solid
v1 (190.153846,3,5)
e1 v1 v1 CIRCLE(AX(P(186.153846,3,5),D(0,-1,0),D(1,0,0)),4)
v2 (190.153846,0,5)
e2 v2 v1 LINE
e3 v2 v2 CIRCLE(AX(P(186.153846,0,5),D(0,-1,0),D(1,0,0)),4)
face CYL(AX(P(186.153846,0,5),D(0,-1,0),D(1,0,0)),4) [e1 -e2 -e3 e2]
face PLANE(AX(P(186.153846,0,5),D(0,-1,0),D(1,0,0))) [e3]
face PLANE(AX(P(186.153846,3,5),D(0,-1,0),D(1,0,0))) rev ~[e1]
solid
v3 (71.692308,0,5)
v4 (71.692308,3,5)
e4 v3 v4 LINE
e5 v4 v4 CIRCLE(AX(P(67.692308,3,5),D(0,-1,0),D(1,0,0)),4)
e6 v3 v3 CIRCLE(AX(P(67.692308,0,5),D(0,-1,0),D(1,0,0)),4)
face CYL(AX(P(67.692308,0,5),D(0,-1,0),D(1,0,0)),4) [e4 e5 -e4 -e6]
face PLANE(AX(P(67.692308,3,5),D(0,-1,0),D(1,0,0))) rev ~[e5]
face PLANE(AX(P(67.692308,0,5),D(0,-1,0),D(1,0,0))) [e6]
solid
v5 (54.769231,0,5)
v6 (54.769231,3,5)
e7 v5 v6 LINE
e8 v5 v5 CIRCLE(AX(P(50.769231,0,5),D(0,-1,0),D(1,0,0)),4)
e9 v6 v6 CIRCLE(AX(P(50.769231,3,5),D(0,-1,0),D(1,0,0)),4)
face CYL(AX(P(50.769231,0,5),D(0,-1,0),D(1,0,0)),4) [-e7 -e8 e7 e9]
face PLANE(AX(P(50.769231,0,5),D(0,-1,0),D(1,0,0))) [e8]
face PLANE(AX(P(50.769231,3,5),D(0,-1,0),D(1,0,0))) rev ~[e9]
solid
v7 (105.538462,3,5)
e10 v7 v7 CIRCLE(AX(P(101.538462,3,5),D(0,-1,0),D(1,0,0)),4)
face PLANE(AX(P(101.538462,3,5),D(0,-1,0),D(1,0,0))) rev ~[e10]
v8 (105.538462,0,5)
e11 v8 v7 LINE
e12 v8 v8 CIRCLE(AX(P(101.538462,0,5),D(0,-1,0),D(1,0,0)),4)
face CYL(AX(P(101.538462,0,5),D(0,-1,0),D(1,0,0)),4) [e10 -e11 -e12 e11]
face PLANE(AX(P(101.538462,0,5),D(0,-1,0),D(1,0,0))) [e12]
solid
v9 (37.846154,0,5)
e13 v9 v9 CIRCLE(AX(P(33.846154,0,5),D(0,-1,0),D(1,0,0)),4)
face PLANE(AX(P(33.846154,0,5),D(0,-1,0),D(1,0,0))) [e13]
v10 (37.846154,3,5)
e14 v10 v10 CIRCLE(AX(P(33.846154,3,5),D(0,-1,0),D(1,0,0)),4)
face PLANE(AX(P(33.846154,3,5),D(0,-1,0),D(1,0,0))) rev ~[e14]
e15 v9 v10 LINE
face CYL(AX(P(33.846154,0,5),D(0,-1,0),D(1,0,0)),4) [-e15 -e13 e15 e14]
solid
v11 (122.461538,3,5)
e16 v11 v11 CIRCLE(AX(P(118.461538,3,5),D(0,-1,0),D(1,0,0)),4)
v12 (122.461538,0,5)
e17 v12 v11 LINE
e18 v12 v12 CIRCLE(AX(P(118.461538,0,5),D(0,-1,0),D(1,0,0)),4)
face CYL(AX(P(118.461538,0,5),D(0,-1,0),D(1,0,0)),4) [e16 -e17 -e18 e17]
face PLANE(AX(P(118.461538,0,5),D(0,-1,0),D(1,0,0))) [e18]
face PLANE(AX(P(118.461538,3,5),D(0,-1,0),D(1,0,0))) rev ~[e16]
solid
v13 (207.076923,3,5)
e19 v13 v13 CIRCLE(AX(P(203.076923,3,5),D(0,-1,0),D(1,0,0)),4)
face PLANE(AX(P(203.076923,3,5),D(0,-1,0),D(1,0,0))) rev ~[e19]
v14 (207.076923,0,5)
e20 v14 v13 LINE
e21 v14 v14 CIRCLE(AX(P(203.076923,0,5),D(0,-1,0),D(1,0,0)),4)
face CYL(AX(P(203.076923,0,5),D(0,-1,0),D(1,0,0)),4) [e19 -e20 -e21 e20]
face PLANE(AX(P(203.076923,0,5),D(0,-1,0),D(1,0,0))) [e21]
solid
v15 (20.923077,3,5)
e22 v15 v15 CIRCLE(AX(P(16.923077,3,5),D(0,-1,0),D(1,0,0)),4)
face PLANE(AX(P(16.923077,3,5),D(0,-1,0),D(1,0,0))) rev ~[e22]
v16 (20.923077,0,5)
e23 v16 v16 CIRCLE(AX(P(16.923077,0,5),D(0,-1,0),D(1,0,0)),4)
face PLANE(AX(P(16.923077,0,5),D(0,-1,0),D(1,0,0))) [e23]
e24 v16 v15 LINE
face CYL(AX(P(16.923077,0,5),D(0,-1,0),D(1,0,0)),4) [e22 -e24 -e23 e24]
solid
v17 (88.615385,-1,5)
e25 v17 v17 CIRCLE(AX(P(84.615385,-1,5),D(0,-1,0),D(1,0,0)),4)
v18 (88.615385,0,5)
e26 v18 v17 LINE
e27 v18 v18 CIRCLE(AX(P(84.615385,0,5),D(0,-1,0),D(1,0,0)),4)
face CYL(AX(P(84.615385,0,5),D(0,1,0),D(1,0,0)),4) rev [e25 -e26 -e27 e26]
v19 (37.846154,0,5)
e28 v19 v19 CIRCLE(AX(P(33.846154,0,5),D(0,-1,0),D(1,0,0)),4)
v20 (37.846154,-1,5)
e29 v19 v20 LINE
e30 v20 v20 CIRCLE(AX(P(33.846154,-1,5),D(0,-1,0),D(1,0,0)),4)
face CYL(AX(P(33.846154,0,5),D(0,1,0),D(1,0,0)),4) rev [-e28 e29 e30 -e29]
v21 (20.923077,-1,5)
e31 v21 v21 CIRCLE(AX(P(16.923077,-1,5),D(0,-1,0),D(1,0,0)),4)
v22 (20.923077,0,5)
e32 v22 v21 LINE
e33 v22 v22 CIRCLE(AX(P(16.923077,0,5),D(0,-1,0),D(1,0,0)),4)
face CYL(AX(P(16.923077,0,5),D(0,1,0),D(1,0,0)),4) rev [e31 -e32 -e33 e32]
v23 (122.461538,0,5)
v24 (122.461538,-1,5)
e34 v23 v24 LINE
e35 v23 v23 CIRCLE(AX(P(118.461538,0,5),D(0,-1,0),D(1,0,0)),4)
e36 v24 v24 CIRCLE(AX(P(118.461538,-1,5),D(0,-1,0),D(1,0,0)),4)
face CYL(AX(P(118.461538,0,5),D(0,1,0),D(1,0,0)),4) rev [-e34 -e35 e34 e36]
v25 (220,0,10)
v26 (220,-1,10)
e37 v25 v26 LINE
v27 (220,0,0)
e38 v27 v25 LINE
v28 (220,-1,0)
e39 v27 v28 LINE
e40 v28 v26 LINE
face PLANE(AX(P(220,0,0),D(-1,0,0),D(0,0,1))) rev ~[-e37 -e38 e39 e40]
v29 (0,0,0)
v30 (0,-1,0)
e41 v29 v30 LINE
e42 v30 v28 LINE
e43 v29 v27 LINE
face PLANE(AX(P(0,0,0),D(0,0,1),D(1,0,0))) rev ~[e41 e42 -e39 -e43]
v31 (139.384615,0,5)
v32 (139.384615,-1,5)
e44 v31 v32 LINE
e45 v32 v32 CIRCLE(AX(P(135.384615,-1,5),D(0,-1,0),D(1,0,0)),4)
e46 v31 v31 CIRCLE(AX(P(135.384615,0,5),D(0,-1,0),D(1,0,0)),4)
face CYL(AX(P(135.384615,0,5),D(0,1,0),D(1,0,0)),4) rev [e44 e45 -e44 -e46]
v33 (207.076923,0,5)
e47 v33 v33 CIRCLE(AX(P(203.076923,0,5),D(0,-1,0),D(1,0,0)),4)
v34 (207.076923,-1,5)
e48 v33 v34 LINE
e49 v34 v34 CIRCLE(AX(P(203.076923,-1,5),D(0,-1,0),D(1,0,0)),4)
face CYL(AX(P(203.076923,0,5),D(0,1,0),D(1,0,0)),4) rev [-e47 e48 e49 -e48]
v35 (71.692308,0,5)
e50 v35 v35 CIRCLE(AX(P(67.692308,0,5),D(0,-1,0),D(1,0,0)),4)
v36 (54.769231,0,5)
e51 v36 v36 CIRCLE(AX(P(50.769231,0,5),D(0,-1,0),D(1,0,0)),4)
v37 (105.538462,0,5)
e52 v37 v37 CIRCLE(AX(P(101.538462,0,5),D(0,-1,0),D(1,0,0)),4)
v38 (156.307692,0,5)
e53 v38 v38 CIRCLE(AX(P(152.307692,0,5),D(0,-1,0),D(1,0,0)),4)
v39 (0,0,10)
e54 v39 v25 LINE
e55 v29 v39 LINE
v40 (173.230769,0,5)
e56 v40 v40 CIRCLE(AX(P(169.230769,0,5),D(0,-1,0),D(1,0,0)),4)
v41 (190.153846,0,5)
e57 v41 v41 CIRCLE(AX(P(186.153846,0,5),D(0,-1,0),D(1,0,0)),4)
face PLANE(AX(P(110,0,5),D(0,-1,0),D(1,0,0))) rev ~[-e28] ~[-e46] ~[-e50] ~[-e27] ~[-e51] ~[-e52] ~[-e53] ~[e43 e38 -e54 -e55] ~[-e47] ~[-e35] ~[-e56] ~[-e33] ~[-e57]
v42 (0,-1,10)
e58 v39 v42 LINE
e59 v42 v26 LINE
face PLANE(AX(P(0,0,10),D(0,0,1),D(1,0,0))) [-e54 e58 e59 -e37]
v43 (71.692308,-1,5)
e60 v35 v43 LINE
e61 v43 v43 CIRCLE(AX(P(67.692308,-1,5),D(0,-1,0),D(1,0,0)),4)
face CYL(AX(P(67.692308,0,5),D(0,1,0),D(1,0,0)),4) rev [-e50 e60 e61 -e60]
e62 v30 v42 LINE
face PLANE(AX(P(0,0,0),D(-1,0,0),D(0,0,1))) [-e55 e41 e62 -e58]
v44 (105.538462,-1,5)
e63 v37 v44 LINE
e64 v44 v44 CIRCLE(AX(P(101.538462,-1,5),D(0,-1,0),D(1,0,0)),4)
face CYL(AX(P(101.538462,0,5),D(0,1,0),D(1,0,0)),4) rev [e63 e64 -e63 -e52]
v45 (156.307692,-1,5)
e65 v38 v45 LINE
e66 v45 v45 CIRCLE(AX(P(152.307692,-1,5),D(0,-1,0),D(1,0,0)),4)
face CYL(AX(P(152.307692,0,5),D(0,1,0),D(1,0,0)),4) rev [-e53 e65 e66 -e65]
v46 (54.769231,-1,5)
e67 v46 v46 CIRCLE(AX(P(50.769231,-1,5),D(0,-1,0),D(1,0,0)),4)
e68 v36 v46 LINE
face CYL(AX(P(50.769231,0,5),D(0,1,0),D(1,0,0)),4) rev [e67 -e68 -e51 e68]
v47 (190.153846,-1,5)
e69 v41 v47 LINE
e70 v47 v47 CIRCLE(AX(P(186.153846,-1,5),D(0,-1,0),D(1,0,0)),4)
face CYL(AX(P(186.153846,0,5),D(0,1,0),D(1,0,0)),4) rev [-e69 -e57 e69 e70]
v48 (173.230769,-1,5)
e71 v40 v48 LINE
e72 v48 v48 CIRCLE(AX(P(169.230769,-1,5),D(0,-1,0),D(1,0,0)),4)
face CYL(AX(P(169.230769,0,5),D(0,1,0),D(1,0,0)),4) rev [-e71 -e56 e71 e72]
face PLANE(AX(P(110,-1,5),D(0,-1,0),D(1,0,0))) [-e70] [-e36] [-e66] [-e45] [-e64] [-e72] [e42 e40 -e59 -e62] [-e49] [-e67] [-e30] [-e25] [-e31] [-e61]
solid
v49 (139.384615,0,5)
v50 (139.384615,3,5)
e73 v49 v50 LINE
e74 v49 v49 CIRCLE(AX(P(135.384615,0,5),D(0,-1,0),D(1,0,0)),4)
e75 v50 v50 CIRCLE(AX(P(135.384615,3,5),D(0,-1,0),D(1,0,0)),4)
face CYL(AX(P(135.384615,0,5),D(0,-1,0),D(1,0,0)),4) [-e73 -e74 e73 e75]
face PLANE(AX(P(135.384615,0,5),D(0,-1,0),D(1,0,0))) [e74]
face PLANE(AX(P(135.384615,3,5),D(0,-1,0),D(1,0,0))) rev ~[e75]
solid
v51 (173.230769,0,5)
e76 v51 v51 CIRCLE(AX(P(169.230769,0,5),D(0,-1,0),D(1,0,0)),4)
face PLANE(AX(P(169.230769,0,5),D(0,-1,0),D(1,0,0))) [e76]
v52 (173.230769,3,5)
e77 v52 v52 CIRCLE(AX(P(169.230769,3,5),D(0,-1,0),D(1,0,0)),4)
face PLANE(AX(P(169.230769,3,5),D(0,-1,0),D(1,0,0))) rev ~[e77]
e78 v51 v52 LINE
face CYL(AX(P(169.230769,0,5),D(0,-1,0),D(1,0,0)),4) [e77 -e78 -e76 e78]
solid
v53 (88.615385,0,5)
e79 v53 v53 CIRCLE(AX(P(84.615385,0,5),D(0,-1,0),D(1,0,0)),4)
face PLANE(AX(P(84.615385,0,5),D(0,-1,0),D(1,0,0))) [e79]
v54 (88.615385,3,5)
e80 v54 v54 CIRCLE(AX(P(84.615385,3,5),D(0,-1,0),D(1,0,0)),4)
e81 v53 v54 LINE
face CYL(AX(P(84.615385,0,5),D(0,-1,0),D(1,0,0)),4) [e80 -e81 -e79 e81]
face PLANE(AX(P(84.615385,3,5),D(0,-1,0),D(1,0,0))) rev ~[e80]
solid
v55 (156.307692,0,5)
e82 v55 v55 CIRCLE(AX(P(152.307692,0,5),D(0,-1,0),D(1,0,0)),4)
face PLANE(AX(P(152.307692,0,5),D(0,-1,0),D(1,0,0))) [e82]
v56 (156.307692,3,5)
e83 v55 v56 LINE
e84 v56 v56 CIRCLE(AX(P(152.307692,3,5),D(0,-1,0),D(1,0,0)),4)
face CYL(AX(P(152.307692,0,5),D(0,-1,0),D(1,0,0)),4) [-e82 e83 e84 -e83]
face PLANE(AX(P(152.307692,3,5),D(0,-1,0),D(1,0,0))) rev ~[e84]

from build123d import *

# Parameters (mm, degrees)
F0_W     = 220
F0_H     = 10
F0_R     = 4
F1_DEPTH = 1
F2_DEPTH = 3


with BuildPart() as f1:
    # F0 (on Front) → F1 (new body)
    with BuildSketch(Plane.XZ):
        with Locations((110, 5)):
            Rectangle(F0_W, F0_H)
        with Locations((16.923077, 5)):
            Circle(F0_R, mode=Mode.SUBTRACT)
        with Locations((33.846154, 5)):
            Circle(F0_R, mode=Mode.SUBTRACT)
        with Locations((50.769231, 5)):
            Circle(F0_R, mode=Mode.SUBTRACT)
        with Locations((67.692308, 5)):
            Circle(F0_R, mode=Mode.SUBTRACT)
        with Locations((84.615385, 5)):
            Circle(F0_R, mode=Mode.SUBTRACT)
        with Locations((101.538462, 5)):
            Circle(F0_R, mode=Mode.SUBTRACT)
        with Locations((118.461538, 5)):
            Circle(F0_R, mode=Mode.SUBTRACT)
        with Locations((135.384615, 5)):
            Circle(F0_R, mode=Mode.SUBTRACT)
        with Locations((152.307692, 5)):
            Circle(F0_R, mode=Mode.SUBTRACT)
        with Locations((169.230769, 5)):
            Circle(F0_R, mode=Mode.SUBTRACT)
        with Locations((186.153846, 5)):
            Circle(F0_R, mode=Mode.SUBTRACT)
        with Locations((203.076923, 5)):
            Circle(F0_R, mode=Mode.SUBTRACT)
    extrude(amount=F1_DEPTH)

    # F0 (on Front) → F2 (join)
    with BuildSketch(Plane.XZ):
        with Locations((16.923077, 5)):
            Circle(F0_R)
        with Locations((33.846154, 5)):
            Circle(F0_R)
        with Locations((50.769231, 5)):
            Circle(F0_R)
        with Locations((67.692308, 5)):
            Circle(F0_R)
        with Locations((84.615385, 5)):
            Circle(F0_R)
        with Locations((101.538462, 5)):
            Circle(F0_R)
        with Locations((135.384615, 5)):
            Circle(F0_R)
        with Locations((118.461538, 5)):
            Circle(F0_R)
        with Locations((152.307692, 5)):
            Circle(F0_R)
        with Locations((203.076923, 5)):
            Circle(F0_R)
        with Locations((169.230769, 5)):
            Circle(F0_R)
        with Locations((186.153846, 5)):
            Circle(F0_R)
    extrude(amount=-F2_DEPTH)


solid = f1.part
